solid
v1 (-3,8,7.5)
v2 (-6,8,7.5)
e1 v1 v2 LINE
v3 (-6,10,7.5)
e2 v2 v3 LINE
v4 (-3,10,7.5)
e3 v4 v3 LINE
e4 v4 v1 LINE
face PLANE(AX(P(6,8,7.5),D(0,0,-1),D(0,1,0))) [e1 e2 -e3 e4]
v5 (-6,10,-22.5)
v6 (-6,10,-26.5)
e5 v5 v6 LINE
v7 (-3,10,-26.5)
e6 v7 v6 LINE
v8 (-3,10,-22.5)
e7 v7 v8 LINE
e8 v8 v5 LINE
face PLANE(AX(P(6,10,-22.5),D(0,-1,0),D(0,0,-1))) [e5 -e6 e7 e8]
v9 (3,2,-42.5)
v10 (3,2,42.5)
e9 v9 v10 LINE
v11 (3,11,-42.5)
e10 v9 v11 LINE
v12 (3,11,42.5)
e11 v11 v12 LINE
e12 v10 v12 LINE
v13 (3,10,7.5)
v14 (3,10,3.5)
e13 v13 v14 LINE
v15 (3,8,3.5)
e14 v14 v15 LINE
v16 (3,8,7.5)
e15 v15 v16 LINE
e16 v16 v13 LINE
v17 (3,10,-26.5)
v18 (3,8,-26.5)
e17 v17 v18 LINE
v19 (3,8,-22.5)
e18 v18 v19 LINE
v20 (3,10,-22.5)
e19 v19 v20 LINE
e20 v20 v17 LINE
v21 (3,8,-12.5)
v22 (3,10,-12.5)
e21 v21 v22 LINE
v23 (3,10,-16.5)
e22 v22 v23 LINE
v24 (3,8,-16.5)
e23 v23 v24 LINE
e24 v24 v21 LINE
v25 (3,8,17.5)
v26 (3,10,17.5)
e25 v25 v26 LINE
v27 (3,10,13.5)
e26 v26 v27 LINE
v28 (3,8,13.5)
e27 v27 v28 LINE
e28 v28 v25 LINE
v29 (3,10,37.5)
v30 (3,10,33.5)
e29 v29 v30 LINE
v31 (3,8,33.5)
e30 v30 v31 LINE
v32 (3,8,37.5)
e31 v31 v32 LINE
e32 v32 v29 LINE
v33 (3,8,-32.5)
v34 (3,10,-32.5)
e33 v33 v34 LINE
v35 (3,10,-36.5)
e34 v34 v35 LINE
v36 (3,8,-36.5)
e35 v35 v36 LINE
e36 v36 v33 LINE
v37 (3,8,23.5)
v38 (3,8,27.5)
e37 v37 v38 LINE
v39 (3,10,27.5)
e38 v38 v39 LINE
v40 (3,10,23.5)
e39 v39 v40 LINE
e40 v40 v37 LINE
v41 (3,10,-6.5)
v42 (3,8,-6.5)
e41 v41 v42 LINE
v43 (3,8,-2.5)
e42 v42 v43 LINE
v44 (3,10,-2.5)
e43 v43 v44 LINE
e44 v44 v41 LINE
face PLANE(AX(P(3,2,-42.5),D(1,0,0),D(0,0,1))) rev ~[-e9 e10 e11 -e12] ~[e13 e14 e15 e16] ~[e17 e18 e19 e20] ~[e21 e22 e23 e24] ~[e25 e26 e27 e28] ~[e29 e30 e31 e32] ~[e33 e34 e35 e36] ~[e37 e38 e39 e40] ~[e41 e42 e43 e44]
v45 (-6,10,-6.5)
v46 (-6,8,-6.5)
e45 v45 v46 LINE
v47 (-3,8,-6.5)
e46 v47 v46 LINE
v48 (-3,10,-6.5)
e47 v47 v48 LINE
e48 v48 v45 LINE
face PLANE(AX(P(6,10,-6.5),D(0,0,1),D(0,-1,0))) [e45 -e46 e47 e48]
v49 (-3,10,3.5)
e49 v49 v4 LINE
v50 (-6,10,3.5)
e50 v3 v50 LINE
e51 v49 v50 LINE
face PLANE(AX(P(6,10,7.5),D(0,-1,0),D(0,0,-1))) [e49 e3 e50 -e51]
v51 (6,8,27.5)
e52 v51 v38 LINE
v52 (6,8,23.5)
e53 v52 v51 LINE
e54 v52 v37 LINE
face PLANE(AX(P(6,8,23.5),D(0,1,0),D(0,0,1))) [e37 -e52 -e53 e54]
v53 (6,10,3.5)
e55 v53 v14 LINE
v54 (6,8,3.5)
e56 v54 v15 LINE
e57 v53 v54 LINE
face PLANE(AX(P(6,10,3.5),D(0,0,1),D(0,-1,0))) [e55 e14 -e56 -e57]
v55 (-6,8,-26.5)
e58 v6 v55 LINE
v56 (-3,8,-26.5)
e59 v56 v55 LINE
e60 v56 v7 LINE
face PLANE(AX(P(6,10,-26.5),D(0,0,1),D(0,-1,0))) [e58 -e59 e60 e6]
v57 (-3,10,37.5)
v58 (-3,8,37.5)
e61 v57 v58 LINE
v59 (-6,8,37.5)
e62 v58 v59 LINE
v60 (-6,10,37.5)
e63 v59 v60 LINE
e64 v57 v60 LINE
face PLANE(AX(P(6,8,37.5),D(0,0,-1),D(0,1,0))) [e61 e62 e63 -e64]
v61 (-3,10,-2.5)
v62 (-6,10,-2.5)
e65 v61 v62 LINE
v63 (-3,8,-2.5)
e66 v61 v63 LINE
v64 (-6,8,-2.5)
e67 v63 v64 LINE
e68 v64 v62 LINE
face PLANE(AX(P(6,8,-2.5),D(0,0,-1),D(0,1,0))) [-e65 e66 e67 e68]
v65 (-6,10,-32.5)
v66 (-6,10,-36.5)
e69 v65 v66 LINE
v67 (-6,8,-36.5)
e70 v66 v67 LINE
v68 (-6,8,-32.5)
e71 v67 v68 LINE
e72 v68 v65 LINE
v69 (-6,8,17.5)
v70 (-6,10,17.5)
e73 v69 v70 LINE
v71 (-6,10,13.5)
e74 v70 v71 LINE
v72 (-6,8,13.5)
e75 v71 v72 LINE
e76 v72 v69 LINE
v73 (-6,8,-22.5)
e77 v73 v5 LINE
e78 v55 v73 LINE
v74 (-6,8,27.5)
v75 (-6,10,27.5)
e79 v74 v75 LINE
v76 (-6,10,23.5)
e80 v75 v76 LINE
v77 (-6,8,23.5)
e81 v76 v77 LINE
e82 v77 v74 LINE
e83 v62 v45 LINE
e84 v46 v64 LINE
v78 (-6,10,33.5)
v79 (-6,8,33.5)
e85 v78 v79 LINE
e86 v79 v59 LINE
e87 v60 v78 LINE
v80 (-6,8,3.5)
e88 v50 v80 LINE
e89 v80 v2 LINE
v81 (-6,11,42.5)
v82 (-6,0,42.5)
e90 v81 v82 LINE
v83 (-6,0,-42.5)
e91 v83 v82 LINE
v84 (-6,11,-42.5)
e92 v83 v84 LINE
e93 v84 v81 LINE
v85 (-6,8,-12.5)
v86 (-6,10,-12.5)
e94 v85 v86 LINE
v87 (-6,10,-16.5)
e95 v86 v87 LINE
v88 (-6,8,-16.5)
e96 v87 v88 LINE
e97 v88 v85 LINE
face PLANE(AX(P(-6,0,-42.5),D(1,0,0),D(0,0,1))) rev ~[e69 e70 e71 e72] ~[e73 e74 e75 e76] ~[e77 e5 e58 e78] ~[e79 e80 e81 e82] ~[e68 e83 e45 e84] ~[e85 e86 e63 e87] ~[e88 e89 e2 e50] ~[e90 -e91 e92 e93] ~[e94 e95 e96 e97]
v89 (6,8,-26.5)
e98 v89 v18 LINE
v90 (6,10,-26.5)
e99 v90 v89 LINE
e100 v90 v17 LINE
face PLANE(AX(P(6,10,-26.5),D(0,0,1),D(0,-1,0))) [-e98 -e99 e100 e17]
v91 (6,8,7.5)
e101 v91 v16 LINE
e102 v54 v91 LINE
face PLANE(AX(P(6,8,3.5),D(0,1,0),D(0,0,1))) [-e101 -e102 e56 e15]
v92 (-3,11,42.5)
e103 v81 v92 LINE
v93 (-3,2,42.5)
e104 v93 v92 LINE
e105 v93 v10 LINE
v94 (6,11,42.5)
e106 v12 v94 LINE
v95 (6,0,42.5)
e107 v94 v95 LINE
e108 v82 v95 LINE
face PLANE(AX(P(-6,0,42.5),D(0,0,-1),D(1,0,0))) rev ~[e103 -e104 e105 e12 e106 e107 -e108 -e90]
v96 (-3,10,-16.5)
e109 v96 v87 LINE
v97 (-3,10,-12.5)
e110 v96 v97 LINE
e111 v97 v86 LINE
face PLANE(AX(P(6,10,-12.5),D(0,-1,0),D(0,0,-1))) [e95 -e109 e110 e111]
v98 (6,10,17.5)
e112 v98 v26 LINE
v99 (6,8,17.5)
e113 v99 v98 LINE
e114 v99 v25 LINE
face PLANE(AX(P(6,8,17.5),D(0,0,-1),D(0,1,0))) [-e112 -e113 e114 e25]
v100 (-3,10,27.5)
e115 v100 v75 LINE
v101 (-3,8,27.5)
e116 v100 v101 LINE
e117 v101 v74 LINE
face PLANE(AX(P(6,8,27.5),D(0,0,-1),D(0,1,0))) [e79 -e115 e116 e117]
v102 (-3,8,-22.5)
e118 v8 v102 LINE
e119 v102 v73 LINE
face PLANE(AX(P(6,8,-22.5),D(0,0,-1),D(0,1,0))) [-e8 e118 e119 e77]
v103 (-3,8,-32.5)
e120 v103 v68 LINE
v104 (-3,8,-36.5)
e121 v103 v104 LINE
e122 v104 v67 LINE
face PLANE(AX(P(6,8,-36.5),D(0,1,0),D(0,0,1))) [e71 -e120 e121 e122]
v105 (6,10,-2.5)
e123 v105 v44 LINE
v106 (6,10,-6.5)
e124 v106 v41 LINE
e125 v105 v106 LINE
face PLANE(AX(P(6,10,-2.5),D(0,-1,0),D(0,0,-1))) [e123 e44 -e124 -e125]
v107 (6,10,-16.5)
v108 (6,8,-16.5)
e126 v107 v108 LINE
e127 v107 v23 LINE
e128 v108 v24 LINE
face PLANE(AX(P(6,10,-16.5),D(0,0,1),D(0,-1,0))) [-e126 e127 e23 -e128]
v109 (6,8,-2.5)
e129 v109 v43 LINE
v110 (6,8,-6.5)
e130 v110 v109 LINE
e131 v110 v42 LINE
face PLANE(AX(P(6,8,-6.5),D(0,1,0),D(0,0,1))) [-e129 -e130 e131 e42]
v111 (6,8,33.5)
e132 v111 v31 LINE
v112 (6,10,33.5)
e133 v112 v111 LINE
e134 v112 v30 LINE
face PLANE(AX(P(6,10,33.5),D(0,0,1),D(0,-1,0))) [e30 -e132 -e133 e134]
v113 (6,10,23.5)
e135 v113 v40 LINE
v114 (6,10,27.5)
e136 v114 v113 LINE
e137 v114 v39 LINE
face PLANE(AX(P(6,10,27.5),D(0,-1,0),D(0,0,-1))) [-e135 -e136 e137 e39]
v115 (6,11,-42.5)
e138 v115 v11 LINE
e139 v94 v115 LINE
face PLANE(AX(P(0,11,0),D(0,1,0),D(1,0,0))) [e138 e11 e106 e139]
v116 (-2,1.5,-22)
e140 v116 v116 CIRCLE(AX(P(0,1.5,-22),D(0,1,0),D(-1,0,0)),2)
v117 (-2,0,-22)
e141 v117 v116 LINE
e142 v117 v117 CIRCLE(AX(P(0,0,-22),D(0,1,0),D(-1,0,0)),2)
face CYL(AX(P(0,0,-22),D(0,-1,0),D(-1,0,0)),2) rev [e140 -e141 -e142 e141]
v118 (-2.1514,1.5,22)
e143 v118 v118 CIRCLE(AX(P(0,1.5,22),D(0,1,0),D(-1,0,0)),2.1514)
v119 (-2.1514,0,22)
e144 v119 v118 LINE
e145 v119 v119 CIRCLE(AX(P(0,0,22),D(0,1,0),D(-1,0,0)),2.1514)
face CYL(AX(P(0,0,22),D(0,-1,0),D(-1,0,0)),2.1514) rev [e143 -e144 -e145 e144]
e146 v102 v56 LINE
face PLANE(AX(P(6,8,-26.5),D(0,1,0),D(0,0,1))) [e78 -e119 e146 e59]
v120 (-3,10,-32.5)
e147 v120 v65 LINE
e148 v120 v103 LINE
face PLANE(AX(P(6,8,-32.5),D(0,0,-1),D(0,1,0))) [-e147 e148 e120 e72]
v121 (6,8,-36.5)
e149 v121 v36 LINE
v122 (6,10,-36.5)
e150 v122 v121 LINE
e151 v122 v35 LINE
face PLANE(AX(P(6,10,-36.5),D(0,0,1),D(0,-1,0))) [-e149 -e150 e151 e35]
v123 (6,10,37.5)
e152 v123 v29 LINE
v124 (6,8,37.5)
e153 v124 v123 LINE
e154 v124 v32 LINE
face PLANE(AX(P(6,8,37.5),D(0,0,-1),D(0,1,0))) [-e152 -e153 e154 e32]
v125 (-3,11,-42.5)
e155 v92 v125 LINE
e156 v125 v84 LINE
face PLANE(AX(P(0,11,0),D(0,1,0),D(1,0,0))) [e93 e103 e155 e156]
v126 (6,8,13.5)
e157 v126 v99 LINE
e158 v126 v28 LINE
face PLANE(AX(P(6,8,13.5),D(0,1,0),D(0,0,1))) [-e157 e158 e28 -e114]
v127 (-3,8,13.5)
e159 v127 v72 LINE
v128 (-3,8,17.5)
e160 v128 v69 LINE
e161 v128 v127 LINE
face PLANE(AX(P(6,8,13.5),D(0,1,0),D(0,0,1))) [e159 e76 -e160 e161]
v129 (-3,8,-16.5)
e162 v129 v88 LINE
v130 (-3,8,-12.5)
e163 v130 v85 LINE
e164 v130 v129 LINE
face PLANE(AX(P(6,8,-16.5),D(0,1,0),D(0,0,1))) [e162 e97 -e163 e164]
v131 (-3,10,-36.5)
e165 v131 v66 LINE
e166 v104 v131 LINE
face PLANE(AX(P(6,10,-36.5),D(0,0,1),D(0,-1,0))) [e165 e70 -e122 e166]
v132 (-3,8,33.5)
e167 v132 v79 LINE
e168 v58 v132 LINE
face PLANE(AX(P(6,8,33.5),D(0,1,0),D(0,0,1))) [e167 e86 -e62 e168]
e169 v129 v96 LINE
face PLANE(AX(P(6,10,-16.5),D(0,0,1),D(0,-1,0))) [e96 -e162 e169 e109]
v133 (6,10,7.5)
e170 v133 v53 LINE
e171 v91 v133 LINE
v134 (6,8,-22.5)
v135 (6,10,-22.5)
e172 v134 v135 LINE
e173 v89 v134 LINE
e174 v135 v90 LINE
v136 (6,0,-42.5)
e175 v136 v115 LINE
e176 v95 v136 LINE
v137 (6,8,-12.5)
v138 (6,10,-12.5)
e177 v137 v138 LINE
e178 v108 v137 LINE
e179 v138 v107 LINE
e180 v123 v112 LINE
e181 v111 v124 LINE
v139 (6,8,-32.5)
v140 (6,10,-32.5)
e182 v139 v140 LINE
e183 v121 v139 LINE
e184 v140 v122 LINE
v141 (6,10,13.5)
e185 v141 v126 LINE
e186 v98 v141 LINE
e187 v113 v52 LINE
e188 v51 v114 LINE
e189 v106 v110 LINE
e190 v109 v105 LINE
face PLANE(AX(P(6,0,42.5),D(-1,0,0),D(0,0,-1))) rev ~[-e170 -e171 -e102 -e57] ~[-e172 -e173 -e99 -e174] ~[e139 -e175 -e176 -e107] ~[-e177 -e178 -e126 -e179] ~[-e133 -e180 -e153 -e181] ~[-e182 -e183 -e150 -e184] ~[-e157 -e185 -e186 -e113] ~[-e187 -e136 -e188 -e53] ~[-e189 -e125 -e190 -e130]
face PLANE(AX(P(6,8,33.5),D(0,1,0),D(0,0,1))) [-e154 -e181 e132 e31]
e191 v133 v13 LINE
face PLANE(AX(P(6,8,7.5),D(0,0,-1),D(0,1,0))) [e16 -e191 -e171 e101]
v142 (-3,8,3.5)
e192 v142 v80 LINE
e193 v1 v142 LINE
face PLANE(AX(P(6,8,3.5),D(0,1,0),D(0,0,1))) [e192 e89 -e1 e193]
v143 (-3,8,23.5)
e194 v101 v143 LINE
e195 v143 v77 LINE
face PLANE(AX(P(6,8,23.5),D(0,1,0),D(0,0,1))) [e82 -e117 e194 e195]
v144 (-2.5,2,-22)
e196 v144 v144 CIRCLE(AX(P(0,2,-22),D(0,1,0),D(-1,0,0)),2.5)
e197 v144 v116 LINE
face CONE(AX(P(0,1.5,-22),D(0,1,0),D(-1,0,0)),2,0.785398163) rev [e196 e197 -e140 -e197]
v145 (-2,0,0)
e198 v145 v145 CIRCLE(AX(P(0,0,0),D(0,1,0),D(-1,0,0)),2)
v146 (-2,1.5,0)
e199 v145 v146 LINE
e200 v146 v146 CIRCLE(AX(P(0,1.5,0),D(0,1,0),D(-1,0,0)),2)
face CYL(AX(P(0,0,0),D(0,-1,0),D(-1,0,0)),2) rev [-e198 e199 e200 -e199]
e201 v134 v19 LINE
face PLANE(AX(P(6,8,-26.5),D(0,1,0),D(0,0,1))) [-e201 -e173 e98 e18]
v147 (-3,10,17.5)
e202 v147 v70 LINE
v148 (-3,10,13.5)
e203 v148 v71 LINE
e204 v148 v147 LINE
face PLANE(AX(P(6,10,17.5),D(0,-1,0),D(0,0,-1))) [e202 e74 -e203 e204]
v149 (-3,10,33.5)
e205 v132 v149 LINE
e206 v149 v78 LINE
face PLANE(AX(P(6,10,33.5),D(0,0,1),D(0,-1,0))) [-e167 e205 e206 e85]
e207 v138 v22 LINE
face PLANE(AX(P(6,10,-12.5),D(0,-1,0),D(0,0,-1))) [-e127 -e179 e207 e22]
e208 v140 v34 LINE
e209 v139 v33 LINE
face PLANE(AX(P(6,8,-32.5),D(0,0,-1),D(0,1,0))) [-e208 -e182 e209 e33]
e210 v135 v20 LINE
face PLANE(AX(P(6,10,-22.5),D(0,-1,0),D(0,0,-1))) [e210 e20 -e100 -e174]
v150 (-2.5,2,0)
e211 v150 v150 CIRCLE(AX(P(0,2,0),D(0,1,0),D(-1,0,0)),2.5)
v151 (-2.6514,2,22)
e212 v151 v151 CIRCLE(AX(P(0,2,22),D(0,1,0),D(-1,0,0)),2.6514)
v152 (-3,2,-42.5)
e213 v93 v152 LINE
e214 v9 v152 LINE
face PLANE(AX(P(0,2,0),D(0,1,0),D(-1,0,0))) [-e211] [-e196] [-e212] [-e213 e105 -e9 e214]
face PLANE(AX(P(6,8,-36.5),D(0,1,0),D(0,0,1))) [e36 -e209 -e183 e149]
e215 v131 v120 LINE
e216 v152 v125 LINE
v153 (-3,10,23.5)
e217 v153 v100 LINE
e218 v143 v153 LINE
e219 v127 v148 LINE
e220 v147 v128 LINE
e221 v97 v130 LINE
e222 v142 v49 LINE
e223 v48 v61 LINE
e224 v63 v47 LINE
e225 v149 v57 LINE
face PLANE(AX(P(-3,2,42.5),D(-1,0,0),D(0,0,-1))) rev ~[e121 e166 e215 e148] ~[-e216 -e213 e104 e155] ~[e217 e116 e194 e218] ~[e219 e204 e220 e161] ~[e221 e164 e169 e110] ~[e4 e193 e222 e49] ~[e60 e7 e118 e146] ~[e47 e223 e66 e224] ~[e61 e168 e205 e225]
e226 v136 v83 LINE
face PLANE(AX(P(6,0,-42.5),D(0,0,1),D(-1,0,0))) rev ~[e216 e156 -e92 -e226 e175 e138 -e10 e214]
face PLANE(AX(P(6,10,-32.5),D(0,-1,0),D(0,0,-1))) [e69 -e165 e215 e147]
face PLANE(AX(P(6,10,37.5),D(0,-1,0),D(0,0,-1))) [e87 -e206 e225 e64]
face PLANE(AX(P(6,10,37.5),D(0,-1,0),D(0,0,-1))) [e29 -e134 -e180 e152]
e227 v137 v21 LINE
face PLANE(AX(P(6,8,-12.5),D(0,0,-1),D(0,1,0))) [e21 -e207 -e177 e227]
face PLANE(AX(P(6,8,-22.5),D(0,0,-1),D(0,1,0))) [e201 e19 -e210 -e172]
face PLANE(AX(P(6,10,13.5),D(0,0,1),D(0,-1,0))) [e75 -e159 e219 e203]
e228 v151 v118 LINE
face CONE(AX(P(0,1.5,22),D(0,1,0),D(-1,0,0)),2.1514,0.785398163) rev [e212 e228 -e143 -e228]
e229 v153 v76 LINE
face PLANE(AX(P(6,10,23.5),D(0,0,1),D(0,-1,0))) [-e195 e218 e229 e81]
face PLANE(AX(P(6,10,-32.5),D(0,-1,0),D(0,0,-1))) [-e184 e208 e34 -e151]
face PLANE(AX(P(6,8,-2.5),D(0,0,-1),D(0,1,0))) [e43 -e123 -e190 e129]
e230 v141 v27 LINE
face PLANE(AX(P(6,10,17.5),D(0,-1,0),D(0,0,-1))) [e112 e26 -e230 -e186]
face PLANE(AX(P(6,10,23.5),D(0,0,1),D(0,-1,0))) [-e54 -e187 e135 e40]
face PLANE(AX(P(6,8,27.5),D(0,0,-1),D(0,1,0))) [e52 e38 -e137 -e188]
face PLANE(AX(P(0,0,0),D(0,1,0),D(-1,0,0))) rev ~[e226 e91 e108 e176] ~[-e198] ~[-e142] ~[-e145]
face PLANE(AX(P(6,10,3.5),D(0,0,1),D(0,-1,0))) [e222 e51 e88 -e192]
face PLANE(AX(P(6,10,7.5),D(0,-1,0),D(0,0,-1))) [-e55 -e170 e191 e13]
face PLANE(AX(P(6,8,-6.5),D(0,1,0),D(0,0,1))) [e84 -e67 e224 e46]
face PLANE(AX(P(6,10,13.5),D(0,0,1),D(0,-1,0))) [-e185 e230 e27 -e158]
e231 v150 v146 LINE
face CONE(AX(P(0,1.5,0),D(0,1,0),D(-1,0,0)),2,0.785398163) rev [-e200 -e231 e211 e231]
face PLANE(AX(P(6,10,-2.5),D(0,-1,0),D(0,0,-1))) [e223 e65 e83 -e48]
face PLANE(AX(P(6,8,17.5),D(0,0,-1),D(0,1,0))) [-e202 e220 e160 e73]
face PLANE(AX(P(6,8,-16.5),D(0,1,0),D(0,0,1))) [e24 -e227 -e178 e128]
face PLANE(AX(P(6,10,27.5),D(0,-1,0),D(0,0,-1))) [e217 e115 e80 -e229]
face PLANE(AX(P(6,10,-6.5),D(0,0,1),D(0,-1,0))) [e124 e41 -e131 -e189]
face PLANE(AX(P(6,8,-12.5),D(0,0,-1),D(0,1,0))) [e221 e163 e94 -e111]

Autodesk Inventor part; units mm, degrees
ref_plane "YZ Plane" through (0, 0, 0) normal (1, 0, 0) x (0, 1, 0)
ref_plane "XZ Plane" through (0, 0, 0) normal (0, 1, 0) x (-1, 0, 0)
ref_plane "XY Plane" through (0, 0, 0) normal (0, 0, 1) x (1, 0, 0)
sketch "Эскиз1" plane through (0, 0, 0) normal (0, 1, 0) x (-1, 0, 0)
  line L0 (-6, -42.5) -> (6, -42.5)
  line L1 (6, -42.5) -> (6, 42.5)
  line L2 (6, 42.5) -> (-6, 42.5)
  line L3 (-6, 42.5) -> (-6, -42.5)
  line L4 (-6, -42.5) -> (6, 42.5) construction
  line L5 (6, -42.5) -> (-6, 42.5) construction
  circle A0 centre (0, 0) radius 2
  circle A1 centre (0, 22) radius 2.1514
  circle A2 centre (0, -22) radius 2
  dimension "d0" = 4
  dimension "d1" = 22
  dimension "d2" = 22
  dimension "d3" = 85
  dimension "d4" = 12
extrude "Выдавливание1" add sketch "Эскиз1" along normal blind 2
sketch "Эскиз2" plane through (0, 2, 0) normal (0, 1, 0) x (1, 0, 0)
  line L0 (-6, 42.5) -> (-6, -42.5) projected
  line L1 (-6, -42.5) -> (6, -42.5) projected
  line L2 (6, -42.5) -> (6, 42.5) projected
  line L3 (6, 42.5) -> (-6, 42.5) projected
  circle A0 centre (0, 0) radius 2 projected
  circle A1 centre (0, -22) radius 2.1514 projected
  circle A2 centre (0, 22) radius 2 projected
  line L4 (-6, -42.5) -> (-3, -42.5)
  line L5 (-3, -42.5) -> (-3, 42.5)
  line L6 (-3, 42.5) -> (-6, 42.5)
  line L7 (-6, 42.5) -> (-6, -42.5)
  line L8 (6, 42.5) -> (3, 42.5)
  line L9 (3, 42.5) -> (3, -42.5)
  line L10 (3, -42.5) -> (6, -42.5)
  line L11 (6, -42.5) -> (6, 42.5)
  dimension "d7" = 3
  dimension "d8" = 3
extrude "Выдавливание2" add sketch "Эскиз2" along normal blind 9 contours L3 L5 L1 L0 | L3 L2 L1 L9
chamfer "Фаска1" distance 0.5 angle 45 1 edges at (2.1514, 2, 22)
chamfer "Фаска2" distance 0.5 angle 45 2 edges at (2, 2, 0) (2, 2, -22)
sketch "Эскиз3" plane through (6, 0, 42.5) normal (1, 0, 0) x (0, 0, -1)
  line L0 (5, 10) -> (9, 10)
  line L1 (9, 10) -> (9, 8)
  line L2 (9, 8) -> (5, 8)
  line L3 (5, 8) -> (5, 10)
  line L4 (0, 11) -> (85, 11) projected
  line L5 (0, 0) -> (0, 11) projected
  line L6 (15, 10) -> (19, 10)
  line L7 (19, 10) -> (19, 8)
  line L8 (19, 8) -> (15, 8)
  line L9 (15, 8) -> (15, 10)
  line L10 (25, 10) -> (29, 10)
  line L11 (29, 10) -> (29, 8)
  line L12 (29, 8) -> (25, 8)
  line L13 (25, 8) -> (25, 10)
  line L14 (35, 10) -> (39, 10)
  line L15 (39, 10) -> (39, 8)
  line L16 (39, 8) -> (35, 8)
  line L17 (35, 8) -> (35, 10)
  line L18 (45, 10) -> (49, 10)
  line L19 (49, 10) -> (49, 8)
  line L20 (49, 8) -> (45, 8)
  line L21 (45, 8) -> (45, 10)
  line L22 (55, 10) -> (59, 10)
  line L23 (59, 10) -> (59, 8)
  line L24 (59, 8) -> (55, 8)
  line L25 (55, 8) -> (55, 10)
  line L26 (65, 10) -> (69, 10)
  line L27 (69, 10) -> (69, 8)
  line L28 (69, 8) -> (65, 8)
  line L29 (65, 8) -> (65, 10)
  line L30 (75, 10) -> (79, 10)
  line L31 (79, 10) -> (79, 8)
  line L32 (79, 8) -> (75, 8)
  line L33 (75, 8) -> (75, 10)
  point P0 (42.5, 0)
  dimension "d17" = 4
  dimension "d18" = 2
  dimension "d19" = 1
  dimension "d20" = 5
  dimension "d23" = 10
extrude "Выдавливание3" cut sketch "Эскиз3" against normal up to surface (12 mm away)
properties part number "рейка кати"
